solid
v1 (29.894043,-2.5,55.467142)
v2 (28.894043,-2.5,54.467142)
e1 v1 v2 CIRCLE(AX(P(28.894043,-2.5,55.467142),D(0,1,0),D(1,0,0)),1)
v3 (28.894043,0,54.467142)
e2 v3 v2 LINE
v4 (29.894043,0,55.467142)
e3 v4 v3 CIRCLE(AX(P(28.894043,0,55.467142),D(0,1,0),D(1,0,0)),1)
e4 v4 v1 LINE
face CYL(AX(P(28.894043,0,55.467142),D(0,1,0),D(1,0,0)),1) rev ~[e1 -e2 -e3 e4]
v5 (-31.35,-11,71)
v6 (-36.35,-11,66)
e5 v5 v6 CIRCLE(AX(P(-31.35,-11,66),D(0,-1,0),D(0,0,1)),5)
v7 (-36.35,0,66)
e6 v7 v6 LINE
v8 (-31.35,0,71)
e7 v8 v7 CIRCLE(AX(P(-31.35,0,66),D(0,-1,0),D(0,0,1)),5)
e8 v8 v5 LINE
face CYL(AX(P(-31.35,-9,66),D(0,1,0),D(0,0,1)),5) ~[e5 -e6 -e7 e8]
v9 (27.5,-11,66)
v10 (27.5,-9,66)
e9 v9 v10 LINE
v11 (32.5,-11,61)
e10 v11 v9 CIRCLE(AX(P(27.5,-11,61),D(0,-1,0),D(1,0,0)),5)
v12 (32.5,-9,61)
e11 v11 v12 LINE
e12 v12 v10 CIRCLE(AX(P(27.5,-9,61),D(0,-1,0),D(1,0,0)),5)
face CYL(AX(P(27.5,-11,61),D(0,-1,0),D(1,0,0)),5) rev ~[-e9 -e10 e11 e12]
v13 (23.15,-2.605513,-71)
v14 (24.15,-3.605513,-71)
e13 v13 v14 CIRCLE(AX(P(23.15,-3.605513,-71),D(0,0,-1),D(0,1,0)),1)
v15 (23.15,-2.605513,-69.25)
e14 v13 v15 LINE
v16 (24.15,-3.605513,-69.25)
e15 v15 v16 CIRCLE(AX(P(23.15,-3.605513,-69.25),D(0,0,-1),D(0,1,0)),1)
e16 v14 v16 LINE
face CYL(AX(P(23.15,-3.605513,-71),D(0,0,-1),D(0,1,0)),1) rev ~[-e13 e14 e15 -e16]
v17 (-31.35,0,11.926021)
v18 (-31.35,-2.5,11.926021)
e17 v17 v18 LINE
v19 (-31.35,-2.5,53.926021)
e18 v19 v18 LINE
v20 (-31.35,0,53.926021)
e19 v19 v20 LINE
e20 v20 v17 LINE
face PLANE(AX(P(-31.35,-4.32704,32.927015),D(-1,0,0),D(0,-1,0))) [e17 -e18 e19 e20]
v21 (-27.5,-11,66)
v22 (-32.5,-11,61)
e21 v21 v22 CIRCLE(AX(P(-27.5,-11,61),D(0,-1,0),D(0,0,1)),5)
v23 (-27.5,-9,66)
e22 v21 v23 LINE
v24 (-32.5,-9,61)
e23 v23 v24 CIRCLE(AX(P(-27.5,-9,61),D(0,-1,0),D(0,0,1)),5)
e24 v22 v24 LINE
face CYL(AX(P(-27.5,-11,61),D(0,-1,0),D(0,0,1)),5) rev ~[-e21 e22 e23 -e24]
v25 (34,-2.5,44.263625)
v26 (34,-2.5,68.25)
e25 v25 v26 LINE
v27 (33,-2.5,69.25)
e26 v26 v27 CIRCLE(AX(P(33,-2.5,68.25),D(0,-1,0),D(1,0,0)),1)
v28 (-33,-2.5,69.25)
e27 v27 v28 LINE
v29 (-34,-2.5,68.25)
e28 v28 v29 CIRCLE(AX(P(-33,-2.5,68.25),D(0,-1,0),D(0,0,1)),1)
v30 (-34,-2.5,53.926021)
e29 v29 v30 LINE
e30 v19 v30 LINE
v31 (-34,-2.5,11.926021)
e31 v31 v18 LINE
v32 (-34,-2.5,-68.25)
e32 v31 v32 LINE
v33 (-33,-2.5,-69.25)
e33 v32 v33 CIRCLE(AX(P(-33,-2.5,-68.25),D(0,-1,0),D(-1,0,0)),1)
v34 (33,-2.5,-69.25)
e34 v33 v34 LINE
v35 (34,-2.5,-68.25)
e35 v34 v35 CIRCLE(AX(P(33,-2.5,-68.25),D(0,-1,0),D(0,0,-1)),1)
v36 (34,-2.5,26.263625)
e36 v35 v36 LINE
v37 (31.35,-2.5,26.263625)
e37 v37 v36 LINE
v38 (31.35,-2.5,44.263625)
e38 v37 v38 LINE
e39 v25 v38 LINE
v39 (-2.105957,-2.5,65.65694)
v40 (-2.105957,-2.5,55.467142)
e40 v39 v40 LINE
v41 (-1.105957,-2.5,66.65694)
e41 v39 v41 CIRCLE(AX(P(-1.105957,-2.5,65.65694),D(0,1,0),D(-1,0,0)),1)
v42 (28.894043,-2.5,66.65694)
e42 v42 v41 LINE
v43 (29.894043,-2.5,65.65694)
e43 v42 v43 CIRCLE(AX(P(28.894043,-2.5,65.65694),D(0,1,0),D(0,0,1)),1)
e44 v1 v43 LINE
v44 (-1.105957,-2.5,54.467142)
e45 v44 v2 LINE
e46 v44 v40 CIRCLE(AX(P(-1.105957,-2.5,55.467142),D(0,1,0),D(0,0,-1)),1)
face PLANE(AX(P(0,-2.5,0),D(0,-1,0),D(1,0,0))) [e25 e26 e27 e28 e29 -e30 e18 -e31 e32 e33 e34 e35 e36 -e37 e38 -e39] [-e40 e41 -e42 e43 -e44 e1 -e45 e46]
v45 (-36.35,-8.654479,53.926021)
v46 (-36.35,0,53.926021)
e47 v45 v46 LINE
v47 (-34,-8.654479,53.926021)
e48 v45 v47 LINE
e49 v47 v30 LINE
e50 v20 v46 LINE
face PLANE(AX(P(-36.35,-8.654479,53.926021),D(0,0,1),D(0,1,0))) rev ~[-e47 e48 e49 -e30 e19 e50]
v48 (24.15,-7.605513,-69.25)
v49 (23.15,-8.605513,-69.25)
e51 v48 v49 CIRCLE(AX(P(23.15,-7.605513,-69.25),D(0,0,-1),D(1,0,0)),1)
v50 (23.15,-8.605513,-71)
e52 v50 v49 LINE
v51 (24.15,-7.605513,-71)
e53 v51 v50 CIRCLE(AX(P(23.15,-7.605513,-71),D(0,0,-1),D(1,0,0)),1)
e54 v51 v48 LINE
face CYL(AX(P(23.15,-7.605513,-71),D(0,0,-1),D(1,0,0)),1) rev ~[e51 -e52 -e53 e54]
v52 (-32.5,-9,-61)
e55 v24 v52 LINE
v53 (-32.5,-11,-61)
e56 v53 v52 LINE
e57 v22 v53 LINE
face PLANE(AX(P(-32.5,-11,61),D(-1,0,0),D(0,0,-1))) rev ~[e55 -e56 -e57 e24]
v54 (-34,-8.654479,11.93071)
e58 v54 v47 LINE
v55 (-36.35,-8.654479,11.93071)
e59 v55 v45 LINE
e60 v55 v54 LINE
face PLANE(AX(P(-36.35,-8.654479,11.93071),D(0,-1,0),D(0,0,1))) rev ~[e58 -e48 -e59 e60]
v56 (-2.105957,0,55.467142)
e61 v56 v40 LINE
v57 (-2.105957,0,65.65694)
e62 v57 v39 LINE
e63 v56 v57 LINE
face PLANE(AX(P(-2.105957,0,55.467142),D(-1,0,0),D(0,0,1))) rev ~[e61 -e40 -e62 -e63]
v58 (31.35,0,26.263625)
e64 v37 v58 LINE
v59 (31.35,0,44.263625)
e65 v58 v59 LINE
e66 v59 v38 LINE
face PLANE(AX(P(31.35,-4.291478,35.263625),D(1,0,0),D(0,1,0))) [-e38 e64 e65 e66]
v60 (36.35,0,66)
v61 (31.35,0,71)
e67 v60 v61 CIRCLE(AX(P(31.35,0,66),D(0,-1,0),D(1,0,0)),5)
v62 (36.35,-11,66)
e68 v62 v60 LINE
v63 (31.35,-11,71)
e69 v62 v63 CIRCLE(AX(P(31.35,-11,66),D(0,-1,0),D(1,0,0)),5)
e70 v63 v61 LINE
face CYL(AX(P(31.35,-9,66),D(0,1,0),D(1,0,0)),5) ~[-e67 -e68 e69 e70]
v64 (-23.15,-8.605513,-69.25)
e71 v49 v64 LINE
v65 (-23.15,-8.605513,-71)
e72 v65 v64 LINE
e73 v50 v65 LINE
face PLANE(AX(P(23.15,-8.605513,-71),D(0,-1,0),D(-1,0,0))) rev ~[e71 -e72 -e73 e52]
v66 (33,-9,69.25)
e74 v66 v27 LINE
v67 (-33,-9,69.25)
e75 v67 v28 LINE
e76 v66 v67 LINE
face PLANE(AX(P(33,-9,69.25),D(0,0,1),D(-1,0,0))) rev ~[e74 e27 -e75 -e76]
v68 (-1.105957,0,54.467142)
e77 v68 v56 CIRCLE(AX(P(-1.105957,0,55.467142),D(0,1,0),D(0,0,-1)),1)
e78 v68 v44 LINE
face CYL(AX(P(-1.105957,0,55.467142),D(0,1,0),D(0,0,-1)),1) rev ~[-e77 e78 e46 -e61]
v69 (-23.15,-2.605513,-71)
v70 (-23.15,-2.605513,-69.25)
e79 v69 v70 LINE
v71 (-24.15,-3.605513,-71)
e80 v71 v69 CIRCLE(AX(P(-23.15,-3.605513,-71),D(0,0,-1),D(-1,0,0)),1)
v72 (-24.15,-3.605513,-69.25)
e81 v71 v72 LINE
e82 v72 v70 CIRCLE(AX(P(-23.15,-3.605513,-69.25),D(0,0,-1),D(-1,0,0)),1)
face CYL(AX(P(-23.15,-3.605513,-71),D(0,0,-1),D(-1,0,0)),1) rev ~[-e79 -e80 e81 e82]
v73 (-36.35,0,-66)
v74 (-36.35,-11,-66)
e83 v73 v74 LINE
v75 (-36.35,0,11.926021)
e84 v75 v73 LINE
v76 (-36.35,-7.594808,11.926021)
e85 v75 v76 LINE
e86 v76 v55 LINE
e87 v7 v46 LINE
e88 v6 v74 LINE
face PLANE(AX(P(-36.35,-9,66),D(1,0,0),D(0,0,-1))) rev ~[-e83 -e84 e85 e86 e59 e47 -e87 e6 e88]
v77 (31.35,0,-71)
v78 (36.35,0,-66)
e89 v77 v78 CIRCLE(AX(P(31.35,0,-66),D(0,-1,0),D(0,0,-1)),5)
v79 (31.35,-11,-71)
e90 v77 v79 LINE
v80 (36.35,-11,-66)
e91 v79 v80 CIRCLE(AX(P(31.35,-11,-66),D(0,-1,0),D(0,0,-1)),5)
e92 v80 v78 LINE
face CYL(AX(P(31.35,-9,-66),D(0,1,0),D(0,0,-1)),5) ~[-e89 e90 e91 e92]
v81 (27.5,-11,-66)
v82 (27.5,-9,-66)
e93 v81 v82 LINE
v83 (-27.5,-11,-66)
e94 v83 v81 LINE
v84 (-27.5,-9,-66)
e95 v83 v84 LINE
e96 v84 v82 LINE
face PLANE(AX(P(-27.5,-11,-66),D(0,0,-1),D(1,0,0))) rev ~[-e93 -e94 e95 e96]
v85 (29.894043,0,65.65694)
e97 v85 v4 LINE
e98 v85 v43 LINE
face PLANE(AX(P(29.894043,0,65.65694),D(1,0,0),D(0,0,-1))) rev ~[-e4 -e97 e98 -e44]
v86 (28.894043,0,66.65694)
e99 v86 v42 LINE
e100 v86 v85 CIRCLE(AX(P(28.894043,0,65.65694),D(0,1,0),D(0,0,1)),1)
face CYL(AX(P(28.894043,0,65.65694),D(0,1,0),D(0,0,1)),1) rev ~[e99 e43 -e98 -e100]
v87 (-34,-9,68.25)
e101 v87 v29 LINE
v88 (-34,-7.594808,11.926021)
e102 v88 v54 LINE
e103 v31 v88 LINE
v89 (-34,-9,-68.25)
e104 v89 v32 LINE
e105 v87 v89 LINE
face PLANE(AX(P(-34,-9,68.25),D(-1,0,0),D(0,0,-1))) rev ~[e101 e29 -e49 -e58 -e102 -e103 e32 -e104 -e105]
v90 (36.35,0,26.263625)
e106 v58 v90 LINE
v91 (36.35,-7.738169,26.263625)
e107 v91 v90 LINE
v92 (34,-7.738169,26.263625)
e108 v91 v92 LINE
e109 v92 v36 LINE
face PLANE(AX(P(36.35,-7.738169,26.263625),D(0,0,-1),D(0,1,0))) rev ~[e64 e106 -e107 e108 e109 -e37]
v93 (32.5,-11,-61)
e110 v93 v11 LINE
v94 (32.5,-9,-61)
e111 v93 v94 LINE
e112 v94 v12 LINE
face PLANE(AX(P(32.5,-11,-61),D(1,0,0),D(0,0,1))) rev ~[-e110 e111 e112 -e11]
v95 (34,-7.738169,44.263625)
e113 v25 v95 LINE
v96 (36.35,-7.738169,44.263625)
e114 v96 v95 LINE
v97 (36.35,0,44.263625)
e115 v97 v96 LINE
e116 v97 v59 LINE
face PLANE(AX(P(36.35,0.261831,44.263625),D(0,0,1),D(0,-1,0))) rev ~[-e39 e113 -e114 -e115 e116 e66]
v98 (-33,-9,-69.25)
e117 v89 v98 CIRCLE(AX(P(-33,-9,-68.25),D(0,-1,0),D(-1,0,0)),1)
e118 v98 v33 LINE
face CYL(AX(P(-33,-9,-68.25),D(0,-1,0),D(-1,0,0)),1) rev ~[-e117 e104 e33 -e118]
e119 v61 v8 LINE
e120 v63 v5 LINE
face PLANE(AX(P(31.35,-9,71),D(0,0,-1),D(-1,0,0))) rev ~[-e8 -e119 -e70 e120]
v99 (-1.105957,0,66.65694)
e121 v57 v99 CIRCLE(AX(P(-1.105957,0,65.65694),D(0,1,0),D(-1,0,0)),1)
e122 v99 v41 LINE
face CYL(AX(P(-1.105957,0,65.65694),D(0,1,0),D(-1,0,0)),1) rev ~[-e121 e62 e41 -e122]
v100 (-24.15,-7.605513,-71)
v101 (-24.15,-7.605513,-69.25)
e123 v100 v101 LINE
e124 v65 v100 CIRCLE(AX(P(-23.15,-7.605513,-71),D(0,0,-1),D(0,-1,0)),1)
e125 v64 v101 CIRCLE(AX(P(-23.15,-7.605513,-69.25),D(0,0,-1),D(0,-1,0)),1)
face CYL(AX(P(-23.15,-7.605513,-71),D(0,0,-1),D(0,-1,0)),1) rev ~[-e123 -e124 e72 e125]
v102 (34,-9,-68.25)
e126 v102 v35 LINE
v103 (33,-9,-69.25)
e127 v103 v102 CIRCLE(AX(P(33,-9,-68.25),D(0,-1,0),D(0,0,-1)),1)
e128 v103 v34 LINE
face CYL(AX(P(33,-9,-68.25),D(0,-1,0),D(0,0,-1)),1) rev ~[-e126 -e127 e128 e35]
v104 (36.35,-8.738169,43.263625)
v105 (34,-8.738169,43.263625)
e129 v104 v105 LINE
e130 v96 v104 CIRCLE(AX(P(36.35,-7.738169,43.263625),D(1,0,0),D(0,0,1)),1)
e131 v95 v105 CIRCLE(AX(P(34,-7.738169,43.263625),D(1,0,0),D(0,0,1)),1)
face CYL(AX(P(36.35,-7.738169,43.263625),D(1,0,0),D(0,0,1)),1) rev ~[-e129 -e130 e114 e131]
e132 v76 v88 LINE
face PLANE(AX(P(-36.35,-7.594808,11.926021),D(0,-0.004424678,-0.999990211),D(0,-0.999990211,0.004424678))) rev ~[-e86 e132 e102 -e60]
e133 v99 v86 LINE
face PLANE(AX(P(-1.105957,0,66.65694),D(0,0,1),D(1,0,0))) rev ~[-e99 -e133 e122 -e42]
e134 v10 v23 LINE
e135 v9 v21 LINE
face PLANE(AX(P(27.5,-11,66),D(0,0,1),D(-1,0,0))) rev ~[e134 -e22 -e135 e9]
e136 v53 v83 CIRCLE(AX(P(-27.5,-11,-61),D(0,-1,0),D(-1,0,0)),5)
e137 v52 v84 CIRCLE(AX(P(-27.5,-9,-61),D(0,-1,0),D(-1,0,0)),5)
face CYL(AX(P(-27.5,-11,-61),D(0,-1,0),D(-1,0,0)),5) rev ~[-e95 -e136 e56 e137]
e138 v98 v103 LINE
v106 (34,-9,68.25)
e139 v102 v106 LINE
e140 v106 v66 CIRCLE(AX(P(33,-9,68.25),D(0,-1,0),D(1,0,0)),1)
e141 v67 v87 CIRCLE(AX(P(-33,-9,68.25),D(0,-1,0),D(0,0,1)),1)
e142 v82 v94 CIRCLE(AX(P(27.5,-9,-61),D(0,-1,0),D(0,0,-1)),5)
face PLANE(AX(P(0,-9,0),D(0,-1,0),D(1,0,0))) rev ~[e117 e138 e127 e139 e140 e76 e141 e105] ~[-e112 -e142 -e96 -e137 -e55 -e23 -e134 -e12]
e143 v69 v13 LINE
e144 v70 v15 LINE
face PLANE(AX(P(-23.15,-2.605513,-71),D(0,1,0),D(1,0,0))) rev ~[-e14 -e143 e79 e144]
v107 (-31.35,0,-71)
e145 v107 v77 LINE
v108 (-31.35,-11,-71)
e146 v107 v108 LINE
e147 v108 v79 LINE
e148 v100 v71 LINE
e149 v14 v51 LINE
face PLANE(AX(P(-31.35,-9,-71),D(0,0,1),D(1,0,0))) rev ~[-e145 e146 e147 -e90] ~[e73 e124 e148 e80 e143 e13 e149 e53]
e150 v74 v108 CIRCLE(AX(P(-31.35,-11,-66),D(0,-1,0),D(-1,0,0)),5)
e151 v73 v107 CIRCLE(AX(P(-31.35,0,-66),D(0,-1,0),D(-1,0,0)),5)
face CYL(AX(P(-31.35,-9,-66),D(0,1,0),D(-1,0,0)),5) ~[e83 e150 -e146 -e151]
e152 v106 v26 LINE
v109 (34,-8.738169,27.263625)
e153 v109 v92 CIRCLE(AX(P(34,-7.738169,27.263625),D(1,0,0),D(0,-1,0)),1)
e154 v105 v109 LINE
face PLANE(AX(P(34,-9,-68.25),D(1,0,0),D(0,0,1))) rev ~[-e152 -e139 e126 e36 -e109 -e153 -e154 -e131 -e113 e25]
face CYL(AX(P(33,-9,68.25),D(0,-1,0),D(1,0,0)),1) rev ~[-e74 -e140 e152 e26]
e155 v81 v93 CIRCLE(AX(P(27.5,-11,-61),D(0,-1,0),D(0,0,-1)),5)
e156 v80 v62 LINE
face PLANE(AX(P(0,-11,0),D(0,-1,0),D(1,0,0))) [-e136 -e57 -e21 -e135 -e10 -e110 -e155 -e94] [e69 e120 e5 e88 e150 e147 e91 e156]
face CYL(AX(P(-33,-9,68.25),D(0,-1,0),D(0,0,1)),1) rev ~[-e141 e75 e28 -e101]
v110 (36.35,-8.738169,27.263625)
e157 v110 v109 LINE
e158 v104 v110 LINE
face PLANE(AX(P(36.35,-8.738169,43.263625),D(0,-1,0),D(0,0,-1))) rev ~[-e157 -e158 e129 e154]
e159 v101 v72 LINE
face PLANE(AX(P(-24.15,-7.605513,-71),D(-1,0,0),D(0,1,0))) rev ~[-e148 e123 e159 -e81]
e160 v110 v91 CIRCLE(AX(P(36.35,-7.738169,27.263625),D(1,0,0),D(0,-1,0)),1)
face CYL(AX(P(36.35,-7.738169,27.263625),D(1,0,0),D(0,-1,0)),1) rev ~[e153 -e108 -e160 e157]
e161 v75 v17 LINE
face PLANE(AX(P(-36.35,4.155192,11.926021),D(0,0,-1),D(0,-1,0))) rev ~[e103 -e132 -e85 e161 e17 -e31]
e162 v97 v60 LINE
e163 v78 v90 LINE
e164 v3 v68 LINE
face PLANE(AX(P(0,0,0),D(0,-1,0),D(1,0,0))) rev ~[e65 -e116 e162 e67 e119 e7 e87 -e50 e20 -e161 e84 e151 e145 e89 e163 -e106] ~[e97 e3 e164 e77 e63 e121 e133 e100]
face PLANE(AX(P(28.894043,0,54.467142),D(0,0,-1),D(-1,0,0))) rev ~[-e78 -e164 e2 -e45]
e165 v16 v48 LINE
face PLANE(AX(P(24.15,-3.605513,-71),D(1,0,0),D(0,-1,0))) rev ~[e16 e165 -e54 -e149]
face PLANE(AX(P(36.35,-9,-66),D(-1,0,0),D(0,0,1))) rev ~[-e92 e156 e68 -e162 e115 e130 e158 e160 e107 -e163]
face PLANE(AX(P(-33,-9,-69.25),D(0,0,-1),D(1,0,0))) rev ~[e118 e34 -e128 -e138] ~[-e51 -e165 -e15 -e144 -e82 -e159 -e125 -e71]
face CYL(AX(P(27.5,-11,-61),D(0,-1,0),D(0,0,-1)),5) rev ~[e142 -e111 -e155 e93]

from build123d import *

# Parameters (mm, degrees)
F1_DEPTH  = 9
F3_DEPTH  = 6.5
F5_DEPTH  = 5
F7_DEPTH  = 5
F9_DEPTH  = 11.3
F11_DEPTH = 3
F13_DEPTH = 2
F15_DEPTH = 2


with BuildPart() as f1:
    # F0 (on Front) → F1 (new body)
    with BuildSketch(Plane.XZ):
        with BuildLine():
            Line((31.35, 71), (-31.35, 71))
            ThreePointArc((-31.35, 71), (-34.8855339059, 69.5355339059), (-36.35, 66))
            Line((-36.35, 66), (-36.35, -66))
            ThreePointArc((-36.35, -66), (-34.8855339059, -69.5355339059), (-31.35, -71))
            Line((-31.35, -71), (31.35, -71))
            ThreePointArc((31.35, -71), (34.8855339059, -69.5355339059), (36.35, -66))
            Line((36.35, -66), (36.35, 66))
            ThreePointArc((36.35, 66), (34.8855339059, 69.5355339059), (31.35, 71))
        make_face()
    extrude(amount=F1_DEPTH)

    # F2 (on face) → F3 (cut)
    with BuildSketch(Plane.XZ.offset(9)):
        with BuildLine():
            Line((33, 69.25), (-33, 69.25))
            ThreePointArc((-33, 69.25), (-33.7071067812, 68.9571067812), (-34, 68.25))
            Line((-34, 68.25), (-34, -68.25))
            ThreePointArc((-34, -68.25), (-33.7071067812, -68.9571067812), (-33, -69.25))
            Line((-33, -69.25), (33, -69.25))
            ThreePointArc((33, -69.25), (33.7071067812, -68.9571067812), (34, -68.25))
            Line((34, -68.25), (34, 68.25))
            ThreePointArc((34, 68.25), (33.7071067812, 68.9571067812), (33, 69.25))
        make_face()
    extrude(amount=-F3_DEPTH, mode=Mode.SUBTRACT)

    # F4 (on face) → F5 (cut)
    with BuildSketch(Plane.YZ.offset(36.35)):
        with BuildLine():
            Line((-4.6452410497, 26.2636251819), (-2.8310960583, 26.2636251819))
            Line((-2.8310960583, 26.2636251819), (0, 26.2636251819))
            Line((0, 26.2636251819), (0, 44.2636251819))
            Line((0, 44.2636251819), (-1.15, 44.2636251819))
            Line((-1.15, 44.2636251819), (-6.238168554, 44.2636251819))
            Line((-6.238168554, 44.2636251819), (-6.326337108, 44.2636251819))
            Line((-6.326337108, 44.2636251819), (-7.738168554, 44.2636251819))
            ThreePointArc((-7.738168554, 44.2636251819), (-8.4452753352, 43.9707319631), (-8.738168554, 43.2636251819))
            Line((-8.738168554, 43.2636251819), (-8.738168554, 27.2636251819))
            ThreePointArc((-8.738168554, 27.2636251819), (-8.4452753352, 26.5565184007), (-7.738168554, 26.2636251819))
            Line((-7.738168554, 26.2636251819), (-4.6452410497, 26.2636251819))
        make_face()
        with BuildLine():
            Line((0, 44.2636251819), (0, 26.2636251819))
            Line((0, 26.2636251819), (0.261831446, 26.2636251819))
            ThreePointArc((0.261831446, 26.2636251819), (0.9689382272, 26.5565184007), (1.261831446, 27.2636251819))
            Line((1.261831446, 27.2636251819), (1.261831446, 43.2636251819))
            ThreePointArc((1.261831446, 43.2636251819), (0.9689382272, 43.9707319631), (0.261831446, 44.2636251819))
            Line((0.261831446, 44.2636251819), (0, 44.2636251819))
        make_face()
    extrude(amount=-F5_DEPTH, mode=Mode.SUBTRACT)

    # F6 (on face) → F7 (cut)
    with BuildSketch(Plane(origin=(-36.35, 0, 0), x_dir=(0, -1, 0), z_dir=(-1, 0, 0))):
        Polygon((0, 53.926020956), (0, 11.926020956), (1.3606869444, 11.926020956), (5.3289291725, 11.926020956), (7.5948080584, 11.926020956), (8.6544789374, 11.9307097048), (8.6544789374, 53.926020956), (6.6106869444, 53.926020956), (5.3289291725, 53.926020956), (1.3606869444, 53.926020956), align=None)
        with BuildLine():
            ThreePointArc((-5.1551919416, 12.926020956), (-4.8622987227, 12.2189141749), (-4.1551919416, 11.926020956))
            Line((-4.1551919416, 11.926020956), (0, 11.926020956))
            Line((0, 11.926020956), (0, 53.926020956))
            Line((0, 53.926020956), (-4.2237708107, 53.926020956))
            ThreePointArc((-4.2237708107, 53.926020956), (-4.9107913061, 53.5846351538), (-5.1551919416, 52.8574420869))
            Line((-5.1551919416, 52.8574420869), (-5.1551919416, 12.926020956))
        make_face()
    extrude(amount=-F7_DEPTH, mode=Mode.SUBTRACT)

    # F8 (on face) → F9 (cut)
    with BuildSketch(Plane(origin=(0, 0, -71), x_dir=(1, 0, 0), z_dir=(0, 0, -1))):
        with BuildLine():
            Line((-23.15, 2.6055127643), (23.15, 2.6055127643))
            ThreePointArc((23.15, 2.6055127643), (23.8571067812, 2.8984059831), (24.15, 3.6055127643))
            Line((24.15, 3.6055127643), (24.15, 5.5759565953))
            Line((24.15, 5.5759565953), (-24.15, 5.6350689333))
            Line((-24.15, 5.6350689333), (-24.15, 3.6055127643))
            ThreePointArc((-24.15, 3.6055127643), (-23.8571067812, 2.8984059831), (-23.15, 2.6055127643))
        make_face()
        with BuildLine():
            Line((-24.15, 5.6350689333), (24.15, 5.5759565953))
            Line((24.15, 5.5759565953), (24.15, 7.6055127643))
            ThreePointArc((24.15, 7.6055127643), (23.8571067812, 8.3126195455), (23.15, 8.6055127643))
            Line((23.15, 8.6055127643), (-23.15, 8.6055127643))
            ThreePointArc((-23.15, 8.6055127643), (-23.8571067812, 8.3126195455), (-24.15, 7.6055127643))
            Line((-24.15, 7.6055127643), (-24.15, 5.6350689333))
        make_face()
    extrude(amount=-F9_DEPTH, mode=Mode.SUBTRACT)

    # F10 (on face) → F11 (cut)
    with BuildSketch(Plane(origin=(0, 0, 0), x_dir=(-1, 0, 0), z_dir=(0, 1, 0))):
        with BuildLine():
            ThreePointArc((-29.8940427601, 55.4671416283), (-29.6011495413, 54.7600348471), (-28.8940427601, 54.4671416283))
            Line((-28.8940427601, 54.4671416283), (1.1059572399, 54.4671416283))
            ThreePointArc((1.1059572399, 54.4671416283), (1.8130640211, 54.7600348471), (2.1059572399, 55.4671416283))
            Line((2.1059572399, 55.4671416283), (2.1059572399, 65.6569396853))
            ThreePointArc((2.1059572399, 65.6569396853), (1.8130640211, 66.3640464665), (1.1059572399, 66.6569396853))
            Line((1.1059572399, 66.6569396853), (-28.8940427601, 66.6569396853))
            ThreePointArc((-28.8940427601, 66.6569396853), (-29.6011495413, 66.3640464665), (-29.8940427601, 65.6569396853))
            Line((-29.8940427601, 65.6569396853), (-29.8940427601, 55.4671416283))
        make_face()
    extrude(amount=-F11_DEPTH, mode=Mode.SUBTRACT)

    # F12 (on face) → F13 (join)
    with BuildSketch(Plane.XZ.offset(9)):
        with BuildLine():
            Line((31.35, 71), (-31.35, 71))
            ThreePointArc((-31.35, 71), (-34.8855339059, 69.5355339059), (-36.35, 66))
            Line((-36.35, 66), (-36.35, -66))
            ThreePointArc((-36.35, -66), (-34.8855339059, -69.5355339059), (-31.35, -71))
            Line((-31.35, -71), (31.35, -71))
            ThreePointArc((31.35, -71), (34.8855339059, -69.5355339059), (36.35, -66))
            Line((36.35, -66), (36.35, 66))
            ThreePointArc((36.35, 66), (34.8855339059, 69.5355339059), (31.35, 71))
        make_face()
    extrude(amount=F13_DEPTH)

    # F14 (on face) → F15 (cut)
    with BuildSketch(Plane.XZ.offset(11)):
        with BuildLine():
            Line((27.5, 66), (-23.9265979081, 66))
            Line((-23.9265979081, 66), (-27.5, 66))
            ThreePointArc((-27.5, 66), (-31.0355339059, 64.5355339059), (-32.5, 61))
            Line((-32.5, 61), (-32.5, -61))
            ThreePointArc((-32.5, -61), (-31.0355339059, -64.5355339059), (-27.5, -66))
            Line((-27.5, -66), (27.5, -66))
            ThreePointArc((27.5, -66), (31.0355339059, -64.5355339059), (32.5, -61))
            Line((32.5, -61), (32.5, 61))
            ThreePointArc((32.5, 61), (31.0355339059, 64.5355339059), (27.5, 66))
        make_face()
    extrude(amount=-F15_DEPTH, mode=Mode.SUBTRACT)


solid = f1.part
